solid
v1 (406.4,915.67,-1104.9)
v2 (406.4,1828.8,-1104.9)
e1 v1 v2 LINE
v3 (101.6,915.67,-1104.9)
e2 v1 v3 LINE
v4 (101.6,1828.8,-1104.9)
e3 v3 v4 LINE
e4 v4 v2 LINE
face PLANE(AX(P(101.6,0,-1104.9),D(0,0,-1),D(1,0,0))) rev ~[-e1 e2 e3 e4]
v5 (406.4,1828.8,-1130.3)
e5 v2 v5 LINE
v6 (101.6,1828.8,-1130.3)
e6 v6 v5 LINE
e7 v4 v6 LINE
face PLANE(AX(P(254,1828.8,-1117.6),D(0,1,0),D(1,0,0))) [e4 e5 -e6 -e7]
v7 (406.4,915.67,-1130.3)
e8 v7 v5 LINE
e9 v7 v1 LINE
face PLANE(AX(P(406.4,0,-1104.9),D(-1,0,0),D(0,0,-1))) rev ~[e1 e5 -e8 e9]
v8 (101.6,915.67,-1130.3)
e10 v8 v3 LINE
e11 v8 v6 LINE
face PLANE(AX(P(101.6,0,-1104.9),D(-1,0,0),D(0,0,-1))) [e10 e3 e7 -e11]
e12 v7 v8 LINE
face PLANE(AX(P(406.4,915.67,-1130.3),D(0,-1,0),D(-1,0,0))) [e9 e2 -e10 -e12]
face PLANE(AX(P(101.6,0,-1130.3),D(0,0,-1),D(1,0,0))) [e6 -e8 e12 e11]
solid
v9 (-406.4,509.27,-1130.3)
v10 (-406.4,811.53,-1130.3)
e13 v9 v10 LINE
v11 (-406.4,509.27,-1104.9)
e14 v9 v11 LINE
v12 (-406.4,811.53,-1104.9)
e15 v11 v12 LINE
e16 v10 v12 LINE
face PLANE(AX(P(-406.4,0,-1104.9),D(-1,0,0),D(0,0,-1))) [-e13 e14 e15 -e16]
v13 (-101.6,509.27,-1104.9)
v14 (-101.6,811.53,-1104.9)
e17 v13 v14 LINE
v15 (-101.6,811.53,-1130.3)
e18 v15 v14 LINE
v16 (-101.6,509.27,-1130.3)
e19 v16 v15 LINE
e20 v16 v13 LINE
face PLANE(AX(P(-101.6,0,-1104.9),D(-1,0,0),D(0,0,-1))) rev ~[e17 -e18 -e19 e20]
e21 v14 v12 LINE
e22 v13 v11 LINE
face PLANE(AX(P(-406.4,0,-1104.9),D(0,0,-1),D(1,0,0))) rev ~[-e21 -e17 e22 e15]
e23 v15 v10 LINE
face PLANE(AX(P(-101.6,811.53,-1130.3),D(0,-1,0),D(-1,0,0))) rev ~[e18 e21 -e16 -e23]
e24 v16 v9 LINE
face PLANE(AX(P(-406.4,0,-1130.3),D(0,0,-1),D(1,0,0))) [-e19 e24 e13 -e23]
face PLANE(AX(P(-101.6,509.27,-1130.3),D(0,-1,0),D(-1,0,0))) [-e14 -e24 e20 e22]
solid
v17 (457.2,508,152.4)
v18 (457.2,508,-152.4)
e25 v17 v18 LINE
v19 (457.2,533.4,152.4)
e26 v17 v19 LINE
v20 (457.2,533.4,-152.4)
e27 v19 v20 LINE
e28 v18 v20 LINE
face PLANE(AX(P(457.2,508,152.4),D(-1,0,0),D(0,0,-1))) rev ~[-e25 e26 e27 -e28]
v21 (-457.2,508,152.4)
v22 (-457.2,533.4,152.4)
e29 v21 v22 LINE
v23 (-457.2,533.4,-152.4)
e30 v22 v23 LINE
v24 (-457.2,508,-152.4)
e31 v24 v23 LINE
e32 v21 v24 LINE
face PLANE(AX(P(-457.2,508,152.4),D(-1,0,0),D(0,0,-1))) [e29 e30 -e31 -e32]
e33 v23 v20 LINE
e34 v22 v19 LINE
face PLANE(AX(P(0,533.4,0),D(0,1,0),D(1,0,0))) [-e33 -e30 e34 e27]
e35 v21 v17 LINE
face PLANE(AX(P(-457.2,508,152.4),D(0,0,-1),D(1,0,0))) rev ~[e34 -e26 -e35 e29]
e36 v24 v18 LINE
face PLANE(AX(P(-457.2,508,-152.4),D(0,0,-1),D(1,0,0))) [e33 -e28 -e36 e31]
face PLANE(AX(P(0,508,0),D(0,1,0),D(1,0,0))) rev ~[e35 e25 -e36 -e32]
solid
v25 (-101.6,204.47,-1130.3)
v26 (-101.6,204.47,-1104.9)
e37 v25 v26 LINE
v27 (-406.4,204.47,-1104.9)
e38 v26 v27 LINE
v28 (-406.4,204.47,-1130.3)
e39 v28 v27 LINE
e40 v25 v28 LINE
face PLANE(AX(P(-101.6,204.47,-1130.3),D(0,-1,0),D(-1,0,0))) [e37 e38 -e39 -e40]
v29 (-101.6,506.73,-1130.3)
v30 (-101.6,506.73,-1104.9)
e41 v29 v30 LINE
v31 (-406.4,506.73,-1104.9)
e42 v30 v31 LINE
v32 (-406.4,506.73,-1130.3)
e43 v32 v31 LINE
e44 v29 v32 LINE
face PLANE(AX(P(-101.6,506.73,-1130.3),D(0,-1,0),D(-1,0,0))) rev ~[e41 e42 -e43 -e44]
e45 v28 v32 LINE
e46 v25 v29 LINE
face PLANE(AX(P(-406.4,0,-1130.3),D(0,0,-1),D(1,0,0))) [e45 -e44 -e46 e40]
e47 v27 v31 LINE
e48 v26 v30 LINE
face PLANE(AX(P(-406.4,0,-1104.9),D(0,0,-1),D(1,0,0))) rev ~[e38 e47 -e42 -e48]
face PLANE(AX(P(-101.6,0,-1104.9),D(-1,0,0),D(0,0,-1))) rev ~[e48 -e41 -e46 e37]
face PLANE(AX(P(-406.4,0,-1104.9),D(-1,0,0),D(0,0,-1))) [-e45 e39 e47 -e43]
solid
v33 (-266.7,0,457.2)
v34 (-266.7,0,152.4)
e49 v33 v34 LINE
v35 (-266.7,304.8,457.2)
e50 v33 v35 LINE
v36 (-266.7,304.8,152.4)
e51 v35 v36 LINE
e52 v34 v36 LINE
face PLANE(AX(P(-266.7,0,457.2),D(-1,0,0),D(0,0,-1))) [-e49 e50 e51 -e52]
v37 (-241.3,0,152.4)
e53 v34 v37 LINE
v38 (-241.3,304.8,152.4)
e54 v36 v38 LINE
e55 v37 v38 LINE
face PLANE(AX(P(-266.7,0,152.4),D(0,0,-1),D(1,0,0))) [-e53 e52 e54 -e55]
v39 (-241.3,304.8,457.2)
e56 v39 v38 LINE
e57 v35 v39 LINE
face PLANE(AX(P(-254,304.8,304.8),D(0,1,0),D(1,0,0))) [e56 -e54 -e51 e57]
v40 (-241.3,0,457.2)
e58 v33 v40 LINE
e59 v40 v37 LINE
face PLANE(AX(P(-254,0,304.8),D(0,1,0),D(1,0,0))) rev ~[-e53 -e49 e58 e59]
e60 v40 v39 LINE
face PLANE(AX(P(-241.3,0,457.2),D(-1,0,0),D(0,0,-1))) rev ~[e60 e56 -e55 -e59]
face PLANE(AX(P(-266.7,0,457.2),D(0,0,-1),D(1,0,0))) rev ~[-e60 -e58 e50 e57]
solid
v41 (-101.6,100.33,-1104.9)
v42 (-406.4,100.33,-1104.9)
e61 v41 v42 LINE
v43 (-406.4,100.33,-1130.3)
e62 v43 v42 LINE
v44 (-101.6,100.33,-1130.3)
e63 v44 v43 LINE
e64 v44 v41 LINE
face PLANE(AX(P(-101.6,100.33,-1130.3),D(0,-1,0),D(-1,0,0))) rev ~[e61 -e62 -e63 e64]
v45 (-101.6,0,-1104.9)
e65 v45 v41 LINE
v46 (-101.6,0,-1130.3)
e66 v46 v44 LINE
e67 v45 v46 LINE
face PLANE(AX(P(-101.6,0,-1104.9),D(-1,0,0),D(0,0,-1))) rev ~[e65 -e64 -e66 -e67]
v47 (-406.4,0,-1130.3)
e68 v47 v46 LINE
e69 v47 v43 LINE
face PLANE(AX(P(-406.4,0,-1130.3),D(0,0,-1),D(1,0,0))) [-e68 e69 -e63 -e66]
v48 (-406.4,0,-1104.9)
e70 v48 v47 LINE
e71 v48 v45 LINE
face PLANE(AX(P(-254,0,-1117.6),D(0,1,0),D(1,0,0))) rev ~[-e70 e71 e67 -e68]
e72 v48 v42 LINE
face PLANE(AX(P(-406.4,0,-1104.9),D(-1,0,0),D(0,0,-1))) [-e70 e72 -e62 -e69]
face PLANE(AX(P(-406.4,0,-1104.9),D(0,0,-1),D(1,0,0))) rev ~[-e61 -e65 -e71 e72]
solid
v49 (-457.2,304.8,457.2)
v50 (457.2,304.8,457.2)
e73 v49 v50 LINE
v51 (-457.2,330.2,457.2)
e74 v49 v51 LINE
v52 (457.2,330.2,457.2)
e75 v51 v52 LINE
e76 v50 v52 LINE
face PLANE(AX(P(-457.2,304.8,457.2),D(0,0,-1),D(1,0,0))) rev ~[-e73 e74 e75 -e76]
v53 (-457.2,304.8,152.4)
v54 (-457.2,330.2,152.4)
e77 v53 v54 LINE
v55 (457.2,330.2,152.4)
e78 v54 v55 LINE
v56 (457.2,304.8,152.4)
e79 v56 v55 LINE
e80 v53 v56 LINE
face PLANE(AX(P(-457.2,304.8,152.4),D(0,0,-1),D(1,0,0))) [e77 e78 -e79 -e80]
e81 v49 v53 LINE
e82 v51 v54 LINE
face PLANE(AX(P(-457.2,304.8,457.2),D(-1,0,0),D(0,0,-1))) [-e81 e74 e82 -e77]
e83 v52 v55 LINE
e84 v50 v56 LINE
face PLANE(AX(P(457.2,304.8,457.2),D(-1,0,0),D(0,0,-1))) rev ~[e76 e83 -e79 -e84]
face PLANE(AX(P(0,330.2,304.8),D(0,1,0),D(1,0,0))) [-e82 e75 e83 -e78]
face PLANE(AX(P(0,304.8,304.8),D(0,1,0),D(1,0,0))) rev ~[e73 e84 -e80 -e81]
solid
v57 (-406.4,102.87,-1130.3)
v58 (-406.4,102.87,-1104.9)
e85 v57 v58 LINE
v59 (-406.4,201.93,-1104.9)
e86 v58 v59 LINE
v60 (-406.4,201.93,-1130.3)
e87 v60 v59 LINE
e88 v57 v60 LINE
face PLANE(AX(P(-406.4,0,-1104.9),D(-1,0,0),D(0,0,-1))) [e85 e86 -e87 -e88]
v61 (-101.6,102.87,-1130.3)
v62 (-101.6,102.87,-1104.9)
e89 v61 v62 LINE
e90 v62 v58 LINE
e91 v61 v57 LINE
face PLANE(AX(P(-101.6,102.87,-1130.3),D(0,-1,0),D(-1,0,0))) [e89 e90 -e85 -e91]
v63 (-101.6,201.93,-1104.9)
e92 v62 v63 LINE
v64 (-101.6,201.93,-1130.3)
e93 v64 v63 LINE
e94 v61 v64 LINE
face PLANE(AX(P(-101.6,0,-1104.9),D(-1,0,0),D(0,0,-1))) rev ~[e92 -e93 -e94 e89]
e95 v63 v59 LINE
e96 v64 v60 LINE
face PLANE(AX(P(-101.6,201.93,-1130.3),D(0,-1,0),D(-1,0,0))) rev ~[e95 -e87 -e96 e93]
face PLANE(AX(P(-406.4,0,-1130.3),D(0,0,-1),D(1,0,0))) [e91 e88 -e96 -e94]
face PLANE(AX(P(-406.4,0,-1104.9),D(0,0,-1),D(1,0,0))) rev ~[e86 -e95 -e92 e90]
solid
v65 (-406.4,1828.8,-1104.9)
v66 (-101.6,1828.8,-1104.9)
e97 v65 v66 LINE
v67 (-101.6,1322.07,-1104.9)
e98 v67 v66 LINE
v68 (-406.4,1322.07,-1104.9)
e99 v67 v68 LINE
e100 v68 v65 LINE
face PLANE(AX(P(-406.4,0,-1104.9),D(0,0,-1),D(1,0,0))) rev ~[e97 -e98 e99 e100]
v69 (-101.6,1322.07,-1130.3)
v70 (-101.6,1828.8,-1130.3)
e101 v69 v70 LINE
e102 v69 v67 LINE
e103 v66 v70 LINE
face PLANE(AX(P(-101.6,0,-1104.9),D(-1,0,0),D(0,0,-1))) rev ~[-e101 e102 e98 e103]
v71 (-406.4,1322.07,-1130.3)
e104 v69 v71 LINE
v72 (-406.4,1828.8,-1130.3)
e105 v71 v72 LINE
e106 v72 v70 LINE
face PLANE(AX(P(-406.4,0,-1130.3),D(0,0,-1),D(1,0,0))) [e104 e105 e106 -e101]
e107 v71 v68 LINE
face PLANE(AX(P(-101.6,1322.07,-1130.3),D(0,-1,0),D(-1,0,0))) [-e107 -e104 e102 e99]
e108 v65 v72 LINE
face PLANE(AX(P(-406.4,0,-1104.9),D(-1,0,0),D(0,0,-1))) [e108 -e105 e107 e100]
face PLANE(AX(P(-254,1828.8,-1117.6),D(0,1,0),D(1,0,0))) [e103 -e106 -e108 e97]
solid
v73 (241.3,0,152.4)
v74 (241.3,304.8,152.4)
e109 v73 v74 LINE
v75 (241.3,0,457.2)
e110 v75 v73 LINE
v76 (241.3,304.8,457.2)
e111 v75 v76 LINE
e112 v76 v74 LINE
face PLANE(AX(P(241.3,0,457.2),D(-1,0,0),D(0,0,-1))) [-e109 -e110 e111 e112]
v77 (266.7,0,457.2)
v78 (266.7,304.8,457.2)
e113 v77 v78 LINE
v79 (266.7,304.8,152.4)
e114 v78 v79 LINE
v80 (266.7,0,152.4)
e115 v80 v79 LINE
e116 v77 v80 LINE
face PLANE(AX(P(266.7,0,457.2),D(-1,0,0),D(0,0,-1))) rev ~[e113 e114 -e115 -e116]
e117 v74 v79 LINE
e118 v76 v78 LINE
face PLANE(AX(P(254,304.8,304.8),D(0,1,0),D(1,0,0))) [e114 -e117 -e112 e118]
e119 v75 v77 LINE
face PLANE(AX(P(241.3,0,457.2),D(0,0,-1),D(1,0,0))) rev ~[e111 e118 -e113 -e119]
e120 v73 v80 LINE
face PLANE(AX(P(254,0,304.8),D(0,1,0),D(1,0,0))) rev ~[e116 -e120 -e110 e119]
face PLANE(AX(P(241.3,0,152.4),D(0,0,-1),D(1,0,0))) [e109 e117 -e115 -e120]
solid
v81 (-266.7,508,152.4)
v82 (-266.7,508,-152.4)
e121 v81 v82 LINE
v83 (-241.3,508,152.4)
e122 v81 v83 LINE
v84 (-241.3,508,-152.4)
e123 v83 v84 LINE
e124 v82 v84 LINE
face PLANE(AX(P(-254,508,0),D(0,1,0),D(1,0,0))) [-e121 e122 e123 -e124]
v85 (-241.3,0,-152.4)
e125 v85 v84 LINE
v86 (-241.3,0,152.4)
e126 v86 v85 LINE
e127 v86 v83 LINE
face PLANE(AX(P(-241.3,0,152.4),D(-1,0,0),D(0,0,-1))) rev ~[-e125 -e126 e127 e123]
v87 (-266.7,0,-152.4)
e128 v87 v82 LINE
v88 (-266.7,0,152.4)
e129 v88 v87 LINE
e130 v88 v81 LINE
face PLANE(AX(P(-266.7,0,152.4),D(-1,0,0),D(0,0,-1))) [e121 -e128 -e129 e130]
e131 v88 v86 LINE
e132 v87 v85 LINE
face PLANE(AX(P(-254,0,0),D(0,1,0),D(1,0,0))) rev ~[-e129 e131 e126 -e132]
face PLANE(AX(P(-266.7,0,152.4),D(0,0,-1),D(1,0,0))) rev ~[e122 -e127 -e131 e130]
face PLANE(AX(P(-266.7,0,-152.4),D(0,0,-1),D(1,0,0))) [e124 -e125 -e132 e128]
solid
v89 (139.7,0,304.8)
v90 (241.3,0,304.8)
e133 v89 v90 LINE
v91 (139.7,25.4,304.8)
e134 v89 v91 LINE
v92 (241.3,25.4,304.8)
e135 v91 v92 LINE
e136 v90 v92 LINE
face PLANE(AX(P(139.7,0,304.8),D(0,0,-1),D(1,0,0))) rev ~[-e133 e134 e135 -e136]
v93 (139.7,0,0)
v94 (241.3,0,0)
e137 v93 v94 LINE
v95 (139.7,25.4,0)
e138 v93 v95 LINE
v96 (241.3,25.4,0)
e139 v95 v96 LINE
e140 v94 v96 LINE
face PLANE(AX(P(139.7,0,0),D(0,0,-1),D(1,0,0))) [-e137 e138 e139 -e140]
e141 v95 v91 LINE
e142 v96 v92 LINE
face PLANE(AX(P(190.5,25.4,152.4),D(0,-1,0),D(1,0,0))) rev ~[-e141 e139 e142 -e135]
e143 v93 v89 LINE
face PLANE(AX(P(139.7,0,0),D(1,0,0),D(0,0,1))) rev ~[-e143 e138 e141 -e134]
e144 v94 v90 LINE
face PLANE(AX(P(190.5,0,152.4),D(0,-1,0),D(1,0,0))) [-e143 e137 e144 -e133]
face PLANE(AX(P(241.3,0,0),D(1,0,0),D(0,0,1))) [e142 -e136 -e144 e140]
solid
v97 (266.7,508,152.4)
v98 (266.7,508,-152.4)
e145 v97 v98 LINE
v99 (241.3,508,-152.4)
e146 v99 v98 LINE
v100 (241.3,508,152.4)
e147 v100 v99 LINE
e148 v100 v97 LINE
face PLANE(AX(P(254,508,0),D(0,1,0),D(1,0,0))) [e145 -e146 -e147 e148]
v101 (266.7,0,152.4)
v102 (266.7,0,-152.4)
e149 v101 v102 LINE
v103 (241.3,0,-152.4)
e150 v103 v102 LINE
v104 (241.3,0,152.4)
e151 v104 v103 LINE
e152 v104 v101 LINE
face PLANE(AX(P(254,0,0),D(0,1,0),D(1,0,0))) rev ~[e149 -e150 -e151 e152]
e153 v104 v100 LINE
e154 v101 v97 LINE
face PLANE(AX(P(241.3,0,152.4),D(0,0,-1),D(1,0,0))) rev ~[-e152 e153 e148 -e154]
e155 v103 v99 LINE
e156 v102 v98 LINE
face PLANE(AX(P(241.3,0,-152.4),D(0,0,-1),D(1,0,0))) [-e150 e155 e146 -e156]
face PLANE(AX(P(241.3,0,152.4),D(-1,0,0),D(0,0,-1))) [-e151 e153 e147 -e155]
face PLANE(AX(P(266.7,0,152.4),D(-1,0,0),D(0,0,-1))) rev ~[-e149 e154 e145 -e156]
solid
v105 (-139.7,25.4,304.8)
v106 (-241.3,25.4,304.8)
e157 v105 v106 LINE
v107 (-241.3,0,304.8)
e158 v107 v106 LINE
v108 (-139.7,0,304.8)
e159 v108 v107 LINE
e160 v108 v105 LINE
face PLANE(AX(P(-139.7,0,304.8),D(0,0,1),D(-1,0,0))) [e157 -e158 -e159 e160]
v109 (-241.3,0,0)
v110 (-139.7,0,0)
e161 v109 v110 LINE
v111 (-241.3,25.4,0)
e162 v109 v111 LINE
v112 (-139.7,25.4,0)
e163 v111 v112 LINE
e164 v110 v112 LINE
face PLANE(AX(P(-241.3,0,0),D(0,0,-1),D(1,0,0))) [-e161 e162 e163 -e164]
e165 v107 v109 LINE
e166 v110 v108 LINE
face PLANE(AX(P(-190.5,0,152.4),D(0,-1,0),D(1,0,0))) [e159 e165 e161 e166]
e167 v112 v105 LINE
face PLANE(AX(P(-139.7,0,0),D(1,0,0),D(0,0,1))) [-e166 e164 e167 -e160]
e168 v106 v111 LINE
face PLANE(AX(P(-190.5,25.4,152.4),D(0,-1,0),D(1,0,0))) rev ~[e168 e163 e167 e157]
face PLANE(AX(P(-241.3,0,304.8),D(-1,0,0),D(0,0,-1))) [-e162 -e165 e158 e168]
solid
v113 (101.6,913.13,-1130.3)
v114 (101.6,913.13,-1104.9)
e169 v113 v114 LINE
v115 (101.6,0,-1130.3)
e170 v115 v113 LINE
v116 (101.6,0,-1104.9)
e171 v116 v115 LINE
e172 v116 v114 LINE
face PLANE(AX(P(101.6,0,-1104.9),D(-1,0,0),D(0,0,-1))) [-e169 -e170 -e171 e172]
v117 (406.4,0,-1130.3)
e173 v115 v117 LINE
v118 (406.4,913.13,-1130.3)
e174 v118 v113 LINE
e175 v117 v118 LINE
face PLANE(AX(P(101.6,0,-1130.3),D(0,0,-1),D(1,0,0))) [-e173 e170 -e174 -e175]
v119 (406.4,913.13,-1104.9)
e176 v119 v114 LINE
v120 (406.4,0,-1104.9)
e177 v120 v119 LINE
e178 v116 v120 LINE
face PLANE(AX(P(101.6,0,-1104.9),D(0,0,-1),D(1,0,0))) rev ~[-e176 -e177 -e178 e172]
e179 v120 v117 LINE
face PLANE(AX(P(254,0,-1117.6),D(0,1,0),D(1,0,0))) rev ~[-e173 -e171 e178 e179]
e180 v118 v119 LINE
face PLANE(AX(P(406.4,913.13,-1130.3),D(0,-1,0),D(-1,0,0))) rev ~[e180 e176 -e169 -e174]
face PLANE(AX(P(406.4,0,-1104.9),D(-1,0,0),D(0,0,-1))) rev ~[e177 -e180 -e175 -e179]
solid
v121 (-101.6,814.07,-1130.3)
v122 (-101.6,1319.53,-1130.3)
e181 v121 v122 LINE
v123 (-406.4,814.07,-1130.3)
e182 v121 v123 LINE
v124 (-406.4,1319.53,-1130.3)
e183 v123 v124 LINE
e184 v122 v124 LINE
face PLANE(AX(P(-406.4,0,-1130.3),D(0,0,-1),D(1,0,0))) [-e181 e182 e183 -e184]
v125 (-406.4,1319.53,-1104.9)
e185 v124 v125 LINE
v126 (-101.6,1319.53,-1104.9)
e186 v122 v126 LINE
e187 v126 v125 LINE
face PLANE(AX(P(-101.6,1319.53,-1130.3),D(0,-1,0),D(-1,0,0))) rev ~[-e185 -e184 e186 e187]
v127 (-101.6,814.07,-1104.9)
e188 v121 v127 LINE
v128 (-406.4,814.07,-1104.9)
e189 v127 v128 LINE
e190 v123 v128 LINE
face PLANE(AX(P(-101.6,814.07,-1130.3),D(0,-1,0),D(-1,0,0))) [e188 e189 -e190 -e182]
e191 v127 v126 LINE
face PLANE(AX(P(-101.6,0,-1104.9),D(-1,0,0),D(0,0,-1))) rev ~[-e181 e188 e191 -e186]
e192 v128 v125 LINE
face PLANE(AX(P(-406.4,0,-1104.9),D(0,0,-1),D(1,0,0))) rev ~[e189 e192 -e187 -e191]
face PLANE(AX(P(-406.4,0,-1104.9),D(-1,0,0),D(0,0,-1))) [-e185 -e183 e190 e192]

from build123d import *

# Parameters (mm, degrees)
SKETCH1_W               = 25.4
SKETCH1_H               = 304.8
BOSS_EXTRUDE1_DEPTH     = 508
BOSS_EXTRUDE1_2_DEPTH   = 508
SKETCH2_W               = 914.4
SKETCH2_H               = 304.8
BOSS_EXTRUDE2_DEPTH     = 25.4
SKETCH3_W               = 25.4
SKETCH3_H               = 304.8
BOSS_EXTRUDE3_DEPTH     = 304.8
BOSS_EXTRUDE3_2_DEPTH   = 304.8
SKETCH4_W               = 914.4
SKETCH4_H               = 304.8
BOSS_EXTRUDE4_DEPTH     = 25.4
SKETCH5_W               = 304.8
SKETCH5_H               = 25.4
BOSS_EXTRUDE5_DEPTH     = 1828.8
BOSS_EXTRUDE5_2_DEPTH   = 1828.8
BOSS_EXTRUDE6_DEPTH     = 25.4
SKETCH7_W               = 101.6
SKETCH7_H               = 304.8
BOSS_EXTRUDE6_2_DEPTH   = 25.4
SKETCH6_W               = 304.8
SKETCH6_H               = 2.54
CUT_EXTRUDE_THIN1_DEPTH = 25.4


with BuildPart() as part:
    # Sketch1 → Boss-Extrude1 (new body)
    with BuildSketch(Plane(origin=(0, 0, 0), x_dir=(1, 0, 0), z_dir=(0, 1, 0))):
        with Locations((-254, 0)):
            Rectangle(SKETCH1_W, SKETCH1_H)
    extrude(amount=BOSS_EXTRUDE1_DEPTH)


with BuildPart() as body_2:
    # Sketch1 → Boss-Extrude1 2 (new body)
    with BuildSketch(Plane(origin=(0, 0, 0), x_dir=(1, 0, 0), z_dir=(0, 1, 0))):
        with Locations((254, 0)):
            Rectangle(SKETCH1_W, SKETCH1_H)
    extrude(amount=BOSS_EXTRUDE1_2_DEPTH)


with BuildPart() as body_3:
    # Sketch2 → Boss-Extrude2 (new body)
    with BuildSketch(Plane(origin=(0, 508, 0), x_dir=(1, 0, 0), z_dir=(0, 1, 0))):
        Rectangle(SKETCH2_W, SKETCH2_H)
    extrude(amount=BOSS_EXTRUDE2_DEPTH)


with BuildPart() as body_4:
    # Sketch3 → Boss-Extrude3 (new body)
    with BuildSketch(Plane(origin=(0, 0, 0), x_dir=(1, 0, 0), z_dir=(0, 1, 0))):
        with Locations((-254, -304.8)):
            Rectangle(SKETCH3_W, SKETCH3_H)
    extrude(amount=BOSS_EXTRUDE3_DEPTH)


with BuildPart() as body_5:
    # Sketch3 → Boss-Extrude3 2 (new body)
    with BuildSketch(Plane(origin=(0, 0, 0), x_dir=(1, 0, 0), z_dir=(0, 1, 0))):
        with Locations((254, -304.8)):
            Rectangle(SKETCH3_W, SKETCH3_H)
    extrude(amount=BOSS_EXTRUDE3_2_DEPTH)


with BuildPart() as body_6:
    # Sketch4 → Boss-Extrude4 (new body)
    with BuildSketch(Plane(origin=(0, 304.8, 0), x_dir=(1, 0, 0), z_dir=(0, 1, 0))):
        with Locations((0, -304.8)):
            Rectangle(SKETCH4_W, SKETCH4_H)
    extrude(amount=BOSS_EXTRUDE4_DEPTH)


with BuildPart() as body_7:
    # Sketch5 → Boss-Extrude5 (new body)
    with BuildSketch(Plane(origin=(0, 0, 0), x_dir=(1, 0, 0), z_dir=(0, 1, 0))):
        with Locations((-254, 1117.6)):
            Rectangle(SKETCH5_W, SKETCH5_H)
    extrude(amount=BOSS_EXTRUDE5_DEPTH)


with BuildPart() as body_8:
    # Sketch5 → Boss-Extrude5 2 (new body)
    with BuildSketch(Plane(origin=(0, 0, 0), x_dir=(1, 0, 0), z_dir=(0, 1, 0))):
        with Locations((254, 1117.6)):
            Rectangle(SKETCH5_W, SKETCH5_H)
    extrude(amount=BOSS_EXTRUDE5_2_DEPTH)


with BuildPart() as body_9:
    # Sketch7 → Boss-Extrude6 (new body)
    with BuildSketch(Plane.XZ):
        Polygon((-139.7, 304.8), (-241.3, 304.8), (-241.3, 152.4), (-241.3, 0), (-139.7, 0), align=None)
    extrude(amount=-BOSS_EXTRUDE6_DEPTH)


with BuildPart() as body_10:
    # Sketch7 → Boss-Extrude6 2 (new body)
    with BuildSketch(Plane.XZ):
        with Locations((190.5, 152.4)):
            Rectangle(SKETCH7_W, SKETCH7_H)
    extrude(amount=-BOSS_EXTRUDE6_2_DEPTH)


with BuildPart() as cut_extrude_thin1_tool:
    # Sketch6 → Cut-Extrude-Thin1 (new body)
    with BuildSketch(Plane(origin=(0, 0, -1130.3), x_dir=(-1, 0, 0), z_dir=(0, 0, -1))):
        with Locations((-254, 914.4)):
            Rectangle(SKETCH6_W, SKETCH6_H)
        with Locations((254, 1320.8)):
            Rectangle(SKETCH6_W, SKETCH6_H)
        with Locations((254, 812.8)):
            Rectangle(SKETCH6_W, SKETCH6_H)
        with Locations((254, 508)):
            Rectangle(SKETCH6_W, SKETCH6_H)
        with Locations((254, 203.2)):
            Rectangle(SKETCH6_W, SKETCH6_H)
        with Locations((254, 101.6)):
            Rectangle(SKETCH6_W, SKETCH6_H)
    extrude(amount=-CUT_EXTRUDE_THIN1_DEPTH)


with BuildPart() as body_7_1:
    add(body_7.part)

    # Cut-Extrude-Thin1: cut by cut_extrude_thin1_tool
    add(cut_extrude_thin1_tool.part, mode=Mode.SUBTRACT)


with BuildPart() as body_8_1:
    add(body_8.part)

    # Cut-Extrude-Thin1: cut by cut_extrude_thin1_tool
    add(cut_extrude_thin1_tool.part, mode=Mode.SUBTRACT)


with BuildPart() as cut_extrude_thin1_piece_1:
    # of the separate pieces the step leaves, piece 1, a body of its own (cut_extrude_thin1_pieces)
    add(body_7_1.part.solids().sort_by_distance((-406.4, 1322.07, -1130.3))[0])


with BuildPart() as cut_extrude_thin1_piece_2:
    # of the separate pieces the step leaves, piece 2, a body of its own (cut_extrude_thin1_pieces)
    add(body_7_1.part.solids().sort_by_distance((-406.4, 814.07, -1130.3))[0])


with BuildPart() as cut_extrude_thin1_piece_3:
    # of the separate pieces the step leaves, piece 3, a body of its own (cut_extrude_thin1_pieces)
    add(body_7_1.part.solids().sort_by_distance((-406.4, 204.47, -1130.3))[0])


with BuildPart() as cut_extrude_thin1_piece_4:
    # of the separate pieces the step leaves, piece 4, a body of its own (cut_extrude_thin1_pieces)
    add(body_7_1.part.solids().sort_by_distance((-406.4, 509.27, -1130.3))[0])


with BuildPart() as cut_extrude_thin1_piece_5:
    # of the separate pieces the step leaves, piece 5, a body of its own (cut_extrude_thin1_pieces)
    add(body_7_1.part.solids().sort_by_distance((-406.4, 0, -1130.3))[0])


with BuildPart() as cut_extrude_thin1_piece_6:
    # of the separate pieces the step leaves, piece 6, a body of its own (cut_extrude_thin1_pieces)
    add(body_7_1.part.solids().sort_by_distance((-406.4, 102.87, -1130.3))[0])


with BuildPart() as cut_extrude_thin1_piece_1_of_body_8:
    # of the separate pieces the step leaves, piece 1, a body of its own (cut_extrude_thin1_pieces_of_body_8)
    add(body_8_1.part.solids().sort_by_distance((101.6, 0, -1130.3))[0])


with BuildPart() as cut_extrude_thin1_piece_2_of_body_8:
    # of the separate pieces the step leaves, piece 2, a body of its own (cut_extrude_thin1_pieces_of_body_8)
    add(body_8_1.part.solids().sort_by_distance((101.6, 915.67, -1130.3))[0])


solid = Compound([part.part, body_2.part, body_3.part, body_4.part, body_5.part, body_6.part, body_9.part, body_10.part, cut_extrude_thin1_piece_1.part, cut_extrude_thin1_piece_2.part, cut_extrude_thin1_piece_3.part, cut_extrude_thin1_piece_4.part, cut_extrude_thin1_piece_5.part, cut_extrude_thin1_piece_6.part, cut_extrude_thin1_piece_1_of_body_8.part, cut_extrude_thin1_piece_2_of_body_8.part])
